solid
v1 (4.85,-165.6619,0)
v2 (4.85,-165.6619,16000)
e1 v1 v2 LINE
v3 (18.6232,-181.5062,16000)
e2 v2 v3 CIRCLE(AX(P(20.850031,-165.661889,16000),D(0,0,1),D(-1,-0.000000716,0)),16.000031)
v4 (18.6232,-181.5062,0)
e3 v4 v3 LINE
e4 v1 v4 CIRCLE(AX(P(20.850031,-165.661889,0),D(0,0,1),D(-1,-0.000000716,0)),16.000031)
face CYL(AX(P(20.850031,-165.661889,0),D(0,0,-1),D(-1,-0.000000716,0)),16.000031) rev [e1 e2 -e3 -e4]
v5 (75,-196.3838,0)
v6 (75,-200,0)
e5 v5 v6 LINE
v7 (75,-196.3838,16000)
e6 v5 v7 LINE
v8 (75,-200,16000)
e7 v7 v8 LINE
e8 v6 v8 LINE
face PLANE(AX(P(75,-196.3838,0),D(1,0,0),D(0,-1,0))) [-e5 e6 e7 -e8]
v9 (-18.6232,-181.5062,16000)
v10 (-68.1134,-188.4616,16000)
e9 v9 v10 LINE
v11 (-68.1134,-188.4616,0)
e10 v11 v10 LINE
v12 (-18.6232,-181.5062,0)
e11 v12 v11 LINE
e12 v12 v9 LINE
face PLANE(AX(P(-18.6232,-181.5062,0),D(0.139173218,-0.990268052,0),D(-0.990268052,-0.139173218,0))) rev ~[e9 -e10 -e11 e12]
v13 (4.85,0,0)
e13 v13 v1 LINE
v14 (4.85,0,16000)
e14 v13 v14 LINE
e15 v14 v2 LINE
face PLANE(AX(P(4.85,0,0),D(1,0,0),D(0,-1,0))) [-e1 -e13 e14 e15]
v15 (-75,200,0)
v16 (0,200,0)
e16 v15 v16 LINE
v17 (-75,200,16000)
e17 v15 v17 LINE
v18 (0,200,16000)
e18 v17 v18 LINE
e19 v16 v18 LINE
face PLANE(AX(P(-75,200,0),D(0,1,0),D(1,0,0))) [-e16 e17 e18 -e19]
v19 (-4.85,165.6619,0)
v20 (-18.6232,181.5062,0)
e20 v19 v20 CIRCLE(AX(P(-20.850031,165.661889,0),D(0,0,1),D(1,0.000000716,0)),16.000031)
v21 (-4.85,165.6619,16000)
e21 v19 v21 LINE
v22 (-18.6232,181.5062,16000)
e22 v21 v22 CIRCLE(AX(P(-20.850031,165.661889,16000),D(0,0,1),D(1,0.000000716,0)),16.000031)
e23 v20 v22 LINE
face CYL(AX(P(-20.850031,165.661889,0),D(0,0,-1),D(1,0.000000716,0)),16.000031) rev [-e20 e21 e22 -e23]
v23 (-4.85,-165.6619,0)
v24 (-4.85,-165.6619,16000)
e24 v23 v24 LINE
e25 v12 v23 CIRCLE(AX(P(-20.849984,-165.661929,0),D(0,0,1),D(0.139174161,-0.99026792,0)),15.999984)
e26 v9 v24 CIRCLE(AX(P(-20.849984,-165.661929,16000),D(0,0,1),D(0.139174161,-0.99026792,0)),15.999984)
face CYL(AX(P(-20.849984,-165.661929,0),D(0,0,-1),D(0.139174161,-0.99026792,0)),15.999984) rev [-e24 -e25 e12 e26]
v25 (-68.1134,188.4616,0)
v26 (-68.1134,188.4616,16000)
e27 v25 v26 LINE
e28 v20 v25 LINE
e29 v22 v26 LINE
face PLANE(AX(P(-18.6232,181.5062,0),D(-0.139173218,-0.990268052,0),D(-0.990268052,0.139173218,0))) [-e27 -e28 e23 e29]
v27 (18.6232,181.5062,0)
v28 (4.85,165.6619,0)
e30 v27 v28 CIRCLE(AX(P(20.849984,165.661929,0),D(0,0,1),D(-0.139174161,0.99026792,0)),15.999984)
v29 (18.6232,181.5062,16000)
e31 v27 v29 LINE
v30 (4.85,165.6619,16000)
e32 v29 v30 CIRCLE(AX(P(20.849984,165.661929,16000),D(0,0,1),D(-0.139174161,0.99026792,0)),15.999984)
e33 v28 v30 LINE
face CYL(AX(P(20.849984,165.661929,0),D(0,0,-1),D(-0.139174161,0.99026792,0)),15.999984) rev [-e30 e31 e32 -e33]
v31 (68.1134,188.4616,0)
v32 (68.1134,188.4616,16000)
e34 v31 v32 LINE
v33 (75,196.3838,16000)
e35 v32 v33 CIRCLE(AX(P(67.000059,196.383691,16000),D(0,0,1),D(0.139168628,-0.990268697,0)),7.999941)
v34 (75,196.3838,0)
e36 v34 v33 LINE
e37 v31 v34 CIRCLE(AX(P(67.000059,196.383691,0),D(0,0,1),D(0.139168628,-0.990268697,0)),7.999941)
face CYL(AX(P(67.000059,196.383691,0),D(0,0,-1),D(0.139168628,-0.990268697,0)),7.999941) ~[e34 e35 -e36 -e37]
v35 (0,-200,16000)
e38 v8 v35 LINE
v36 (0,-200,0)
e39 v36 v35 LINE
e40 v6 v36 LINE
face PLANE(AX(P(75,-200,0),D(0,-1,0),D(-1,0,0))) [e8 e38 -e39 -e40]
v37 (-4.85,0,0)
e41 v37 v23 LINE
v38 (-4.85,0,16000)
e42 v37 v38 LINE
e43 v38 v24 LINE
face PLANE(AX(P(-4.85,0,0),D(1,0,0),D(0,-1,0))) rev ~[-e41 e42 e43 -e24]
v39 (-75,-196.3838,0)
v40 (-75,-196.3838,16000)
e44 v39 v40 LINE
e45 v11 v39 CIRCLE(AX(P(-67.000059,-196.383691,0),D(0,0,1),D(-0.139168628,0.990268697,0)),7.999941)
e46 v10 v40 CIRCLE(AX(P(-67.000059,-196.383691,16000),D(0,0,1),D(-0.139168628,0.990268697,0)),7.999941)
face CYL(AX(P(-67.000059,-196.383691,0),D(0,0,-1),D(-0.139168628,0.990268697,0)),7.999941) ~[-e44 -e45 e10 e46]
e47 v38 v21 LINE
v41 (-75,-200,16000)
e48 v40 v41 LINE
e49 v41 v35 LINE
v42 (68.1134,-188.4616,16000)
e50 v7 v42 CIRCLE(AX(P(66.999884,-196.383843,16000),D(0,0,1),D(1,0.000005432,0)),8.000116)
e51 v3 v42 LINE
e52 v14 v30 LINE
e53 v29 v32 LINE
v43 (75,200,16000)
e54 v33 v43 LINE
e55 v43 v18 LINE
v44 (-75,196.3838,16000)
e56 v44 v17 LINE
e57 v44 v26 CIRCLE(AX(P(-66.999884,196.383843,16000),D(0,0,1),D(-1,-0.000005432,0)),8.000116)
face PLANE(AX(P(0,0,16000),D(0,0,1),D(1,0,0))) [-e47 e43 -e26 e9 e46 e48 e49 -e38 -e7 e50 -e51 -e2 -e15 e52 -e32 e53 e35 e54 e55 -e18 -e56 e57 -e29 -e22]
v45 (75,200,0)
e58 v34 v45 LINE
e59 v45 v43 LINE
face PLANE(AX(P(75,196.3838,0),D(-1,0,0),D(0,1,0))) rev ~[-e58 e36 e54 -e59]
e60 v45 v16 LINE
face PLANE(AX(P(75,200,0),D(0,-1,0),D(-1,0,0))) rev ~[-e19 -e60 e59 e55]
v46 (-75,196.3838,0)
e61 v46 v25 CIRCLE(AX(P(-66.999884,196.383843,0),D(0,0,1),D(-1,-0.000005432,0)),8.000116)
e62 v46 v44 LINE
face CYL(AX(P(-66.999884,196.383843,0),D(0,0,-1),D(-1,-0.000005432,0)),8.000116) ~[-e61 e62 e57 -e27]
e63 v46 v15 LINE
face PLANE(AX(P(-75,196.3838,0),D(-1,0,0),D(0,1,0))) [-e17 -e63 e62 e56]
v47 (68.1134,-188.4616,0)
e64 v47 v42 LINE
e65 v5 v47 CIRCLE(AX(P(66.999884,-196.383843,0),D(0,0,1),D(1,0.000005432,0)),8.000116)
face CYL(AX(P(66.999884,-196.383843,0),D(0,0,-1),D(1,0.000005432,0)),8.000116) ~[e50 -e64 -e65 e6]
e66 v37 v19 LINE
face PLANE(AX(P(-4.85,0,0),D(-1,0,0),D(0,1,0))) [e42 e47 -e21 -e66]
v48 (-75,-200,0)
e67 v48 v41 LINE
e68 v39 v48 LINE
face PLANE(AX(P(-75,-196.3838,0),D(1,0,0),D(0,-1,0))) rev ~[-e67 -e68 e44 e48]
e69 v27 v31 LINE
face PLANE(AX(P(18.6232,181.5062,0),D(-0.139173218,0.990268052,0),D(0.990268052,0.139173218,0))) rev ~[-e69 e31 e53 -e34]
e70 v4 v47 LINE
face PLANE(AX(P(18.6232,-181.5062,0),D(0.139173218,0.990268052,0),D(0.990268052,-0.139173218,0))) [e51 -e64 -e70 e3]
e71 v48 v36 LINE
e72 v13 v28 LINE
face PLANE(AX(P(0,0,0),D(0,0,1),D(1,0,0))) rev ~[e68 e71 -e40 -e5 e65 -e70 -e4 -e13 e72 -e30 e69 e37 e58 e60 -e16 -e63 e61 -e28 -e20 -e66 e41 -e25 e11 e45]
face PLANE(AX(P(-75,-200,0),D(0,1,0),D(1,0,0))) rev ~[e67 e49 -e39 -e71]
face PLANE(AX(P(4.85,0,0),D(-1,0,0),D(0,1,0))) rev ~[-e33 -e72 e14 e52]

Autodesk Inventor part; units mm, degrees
ref_plane "YZ Plane" through (0, 0, 0) normal (1, 0, 0) x (0, 1, 0)
ref_plane "Startebene" through (0, 0, 0) normal (0, 0, 1) x (1, 0, 0)
ref_plane "Endebene" through (0, 0, 16000) normal (0, 0, 1) x (1, 0, 0)
sketch "Skizze" plane through (0, 0, 0) normal (0, 0, 1) x (1, 0, 0)
  line L0 (-4.85, 0) -> (-4.85, -165.6619)
  line L1 (-18.6232, -181.5062) -> (-68.1134, -188.4616)
  line L2 (-75, -196.3838) -> (-75, -200)
  line L3 (-75, -200) -> (0, -200)
  line L4 (-39.925, -200) -> (-39.925, -184.5) construction
  line L5 (-25.7112, 0) -> (34.2816, 0) construction
  line L6 (0, 40) -> (0, -200) construction
  line L7 (0, -48) -> (0, 64) construction
  line L8 (4.85, 0) -> (4.85, -165.6619)
  line L9 (18.6232, -181.5062) -> (68.1134, -188.4616)
  line L10 (75, -196.3838) -> (75, -200)
  line L11 (75, -200) -> (0, -200)
  line L12 (-4.85, 0) -> (4.85, 0) construction
  line L13 (-4.85, 0) -> (-4.85, 165.6619)
  line L14 (-18.6232, 181.5062) -> (-68.1134, 188.4616)
  line L15 (-75, 196.3838) -> (-75, 200)
  line L16 (-75, 200) -> (0, 200)
  line L17 (4.85, 0) -> (4.85, 165.6619)
  line L18 (18.6232, 181.5062) -> (68.1134, 188.4616)
  line L19 (75, 196.3838) -> (75, 200)
  line L20 (75, 200) -> (0, 200)
  arc A0 (-75, 196.3838) -> (-68.1134, 188.4616) centre (-67, 196.3838) ccw
  arc A1 (68.1134, 188.4616) -> (75, 196.3838) centre (67, 196.3838) ccw
  arc A2 (75, -196.3838) -> (68.1134, -188.4616) centre (67, -196.3838) ccw
  arc A3 (-68.1134, -188.4616) -> (-75, -196.3838) centre (-67, -196.3838) ccw
  arc A4 (-4.85, 165.6619) -> (-18.6232, 181.5062) centre (-20.85, 165.6619) ccw
  arc A5 (18.6232, 181.5062) -> (4.85, 165.6619) centre (20.85, 165.6619) ccw
  arc A6 (4.85, -165.6619) -> (18.6232, -181.5062) centre (20.85, -165.6619) ccw
  arc A7 (-18.6232, -181.5062) -> (-4.85, -165.6619) centre (-20.85, -165.6619) ccw
  line L21 (0, 280) -> (0, -280) construction
  line L22 (-107.0734, 0) -> (107.0734, 0) construction
  point P0 (-4.85, -179.5705)
  point P1 (-75, -189.4295)
  point P2 (4.85, -179.5705)
  point P3 (75, -189.4295)
  point P4 (39.925, -200)
  point P5 (39.925, -184.5)
  point P6 (-4.85, 179.5705)
  point P7 (-75, 189.4295)
  point P8 (-39.925, 200)
  point P9 (-39.925, 184.5)
  point P10 (4.85, 179.5705)
  point P11 (75, 189.4295)
  point P12 (39.925, 184.5)
  point P13 (39.925, 200)
  dimension "d1" = 4.9295
  dimension "d2" = 15.5
  dimension "d3" = 35.075
  dimension "d4" = 4.85
  dimension "d5" = 75
  dimension "d10" = 200
  dimension "d14" = 8
  dimension "d15" = 16
extrude "Körper" add sketch "Skizze" along normal up to surface (16000 mm away) from surface at 0
sketch "Sketch3" plane through (0, 0, 0) normal (0, 0, 1) x (1, 0, 0)
  line L0 (0, 0) -> (10, 0)
ref_plane "Work Plane3" through (0, 0, 0) normal (0, -1, 0) x (1, 0, 0)
sketch "Sketch4" plane through (0, 0, 0) normal (0, -1, 0) x (1, 0, 0)
  line L0 (-2, 0) -> (12, 0)
  line L1 (-2, 16000) -> (12, 16000)
  dimension "d19" = 16000
equation "\"d2\" = G_T1"
equation "\"d3\" = G_C"
equation "\"d4\" = 0.5 * G_T"
equation "\"d5\" = 0.5 * G_W"
equation "\"d10\" = 0.5 * G_H"
equation "\"d14\" = G_ER"
equation "\"d15\" = G_IR"
equation "\"d6\" = G_L"
equation "\"G_W\" = 150"
equation "\"G_H\" = 400"
equation "\"G_T\" = 9.7"
equation "\"G_T1\" = 15.5"
equation "\"G_C\" = 35.075"
equation "\"G_NG\" = 0.140541"
equation "\"G_L\" = d19"
equation "\"G_ER\" = 0.5 * G_IR"
equation "\"G_IR\" = 16"
equation "\"G_OFFSET_START\" = 0"
equation "\"G_OFFSET_END\" = 0"
equation "\"d17\" = G_OFFSET_END + B_L"
equation "\"B_L\" = 16000"
properties part number "ISO 657/15 - SB 400x66 - 16000" material "Stahl, weich"
